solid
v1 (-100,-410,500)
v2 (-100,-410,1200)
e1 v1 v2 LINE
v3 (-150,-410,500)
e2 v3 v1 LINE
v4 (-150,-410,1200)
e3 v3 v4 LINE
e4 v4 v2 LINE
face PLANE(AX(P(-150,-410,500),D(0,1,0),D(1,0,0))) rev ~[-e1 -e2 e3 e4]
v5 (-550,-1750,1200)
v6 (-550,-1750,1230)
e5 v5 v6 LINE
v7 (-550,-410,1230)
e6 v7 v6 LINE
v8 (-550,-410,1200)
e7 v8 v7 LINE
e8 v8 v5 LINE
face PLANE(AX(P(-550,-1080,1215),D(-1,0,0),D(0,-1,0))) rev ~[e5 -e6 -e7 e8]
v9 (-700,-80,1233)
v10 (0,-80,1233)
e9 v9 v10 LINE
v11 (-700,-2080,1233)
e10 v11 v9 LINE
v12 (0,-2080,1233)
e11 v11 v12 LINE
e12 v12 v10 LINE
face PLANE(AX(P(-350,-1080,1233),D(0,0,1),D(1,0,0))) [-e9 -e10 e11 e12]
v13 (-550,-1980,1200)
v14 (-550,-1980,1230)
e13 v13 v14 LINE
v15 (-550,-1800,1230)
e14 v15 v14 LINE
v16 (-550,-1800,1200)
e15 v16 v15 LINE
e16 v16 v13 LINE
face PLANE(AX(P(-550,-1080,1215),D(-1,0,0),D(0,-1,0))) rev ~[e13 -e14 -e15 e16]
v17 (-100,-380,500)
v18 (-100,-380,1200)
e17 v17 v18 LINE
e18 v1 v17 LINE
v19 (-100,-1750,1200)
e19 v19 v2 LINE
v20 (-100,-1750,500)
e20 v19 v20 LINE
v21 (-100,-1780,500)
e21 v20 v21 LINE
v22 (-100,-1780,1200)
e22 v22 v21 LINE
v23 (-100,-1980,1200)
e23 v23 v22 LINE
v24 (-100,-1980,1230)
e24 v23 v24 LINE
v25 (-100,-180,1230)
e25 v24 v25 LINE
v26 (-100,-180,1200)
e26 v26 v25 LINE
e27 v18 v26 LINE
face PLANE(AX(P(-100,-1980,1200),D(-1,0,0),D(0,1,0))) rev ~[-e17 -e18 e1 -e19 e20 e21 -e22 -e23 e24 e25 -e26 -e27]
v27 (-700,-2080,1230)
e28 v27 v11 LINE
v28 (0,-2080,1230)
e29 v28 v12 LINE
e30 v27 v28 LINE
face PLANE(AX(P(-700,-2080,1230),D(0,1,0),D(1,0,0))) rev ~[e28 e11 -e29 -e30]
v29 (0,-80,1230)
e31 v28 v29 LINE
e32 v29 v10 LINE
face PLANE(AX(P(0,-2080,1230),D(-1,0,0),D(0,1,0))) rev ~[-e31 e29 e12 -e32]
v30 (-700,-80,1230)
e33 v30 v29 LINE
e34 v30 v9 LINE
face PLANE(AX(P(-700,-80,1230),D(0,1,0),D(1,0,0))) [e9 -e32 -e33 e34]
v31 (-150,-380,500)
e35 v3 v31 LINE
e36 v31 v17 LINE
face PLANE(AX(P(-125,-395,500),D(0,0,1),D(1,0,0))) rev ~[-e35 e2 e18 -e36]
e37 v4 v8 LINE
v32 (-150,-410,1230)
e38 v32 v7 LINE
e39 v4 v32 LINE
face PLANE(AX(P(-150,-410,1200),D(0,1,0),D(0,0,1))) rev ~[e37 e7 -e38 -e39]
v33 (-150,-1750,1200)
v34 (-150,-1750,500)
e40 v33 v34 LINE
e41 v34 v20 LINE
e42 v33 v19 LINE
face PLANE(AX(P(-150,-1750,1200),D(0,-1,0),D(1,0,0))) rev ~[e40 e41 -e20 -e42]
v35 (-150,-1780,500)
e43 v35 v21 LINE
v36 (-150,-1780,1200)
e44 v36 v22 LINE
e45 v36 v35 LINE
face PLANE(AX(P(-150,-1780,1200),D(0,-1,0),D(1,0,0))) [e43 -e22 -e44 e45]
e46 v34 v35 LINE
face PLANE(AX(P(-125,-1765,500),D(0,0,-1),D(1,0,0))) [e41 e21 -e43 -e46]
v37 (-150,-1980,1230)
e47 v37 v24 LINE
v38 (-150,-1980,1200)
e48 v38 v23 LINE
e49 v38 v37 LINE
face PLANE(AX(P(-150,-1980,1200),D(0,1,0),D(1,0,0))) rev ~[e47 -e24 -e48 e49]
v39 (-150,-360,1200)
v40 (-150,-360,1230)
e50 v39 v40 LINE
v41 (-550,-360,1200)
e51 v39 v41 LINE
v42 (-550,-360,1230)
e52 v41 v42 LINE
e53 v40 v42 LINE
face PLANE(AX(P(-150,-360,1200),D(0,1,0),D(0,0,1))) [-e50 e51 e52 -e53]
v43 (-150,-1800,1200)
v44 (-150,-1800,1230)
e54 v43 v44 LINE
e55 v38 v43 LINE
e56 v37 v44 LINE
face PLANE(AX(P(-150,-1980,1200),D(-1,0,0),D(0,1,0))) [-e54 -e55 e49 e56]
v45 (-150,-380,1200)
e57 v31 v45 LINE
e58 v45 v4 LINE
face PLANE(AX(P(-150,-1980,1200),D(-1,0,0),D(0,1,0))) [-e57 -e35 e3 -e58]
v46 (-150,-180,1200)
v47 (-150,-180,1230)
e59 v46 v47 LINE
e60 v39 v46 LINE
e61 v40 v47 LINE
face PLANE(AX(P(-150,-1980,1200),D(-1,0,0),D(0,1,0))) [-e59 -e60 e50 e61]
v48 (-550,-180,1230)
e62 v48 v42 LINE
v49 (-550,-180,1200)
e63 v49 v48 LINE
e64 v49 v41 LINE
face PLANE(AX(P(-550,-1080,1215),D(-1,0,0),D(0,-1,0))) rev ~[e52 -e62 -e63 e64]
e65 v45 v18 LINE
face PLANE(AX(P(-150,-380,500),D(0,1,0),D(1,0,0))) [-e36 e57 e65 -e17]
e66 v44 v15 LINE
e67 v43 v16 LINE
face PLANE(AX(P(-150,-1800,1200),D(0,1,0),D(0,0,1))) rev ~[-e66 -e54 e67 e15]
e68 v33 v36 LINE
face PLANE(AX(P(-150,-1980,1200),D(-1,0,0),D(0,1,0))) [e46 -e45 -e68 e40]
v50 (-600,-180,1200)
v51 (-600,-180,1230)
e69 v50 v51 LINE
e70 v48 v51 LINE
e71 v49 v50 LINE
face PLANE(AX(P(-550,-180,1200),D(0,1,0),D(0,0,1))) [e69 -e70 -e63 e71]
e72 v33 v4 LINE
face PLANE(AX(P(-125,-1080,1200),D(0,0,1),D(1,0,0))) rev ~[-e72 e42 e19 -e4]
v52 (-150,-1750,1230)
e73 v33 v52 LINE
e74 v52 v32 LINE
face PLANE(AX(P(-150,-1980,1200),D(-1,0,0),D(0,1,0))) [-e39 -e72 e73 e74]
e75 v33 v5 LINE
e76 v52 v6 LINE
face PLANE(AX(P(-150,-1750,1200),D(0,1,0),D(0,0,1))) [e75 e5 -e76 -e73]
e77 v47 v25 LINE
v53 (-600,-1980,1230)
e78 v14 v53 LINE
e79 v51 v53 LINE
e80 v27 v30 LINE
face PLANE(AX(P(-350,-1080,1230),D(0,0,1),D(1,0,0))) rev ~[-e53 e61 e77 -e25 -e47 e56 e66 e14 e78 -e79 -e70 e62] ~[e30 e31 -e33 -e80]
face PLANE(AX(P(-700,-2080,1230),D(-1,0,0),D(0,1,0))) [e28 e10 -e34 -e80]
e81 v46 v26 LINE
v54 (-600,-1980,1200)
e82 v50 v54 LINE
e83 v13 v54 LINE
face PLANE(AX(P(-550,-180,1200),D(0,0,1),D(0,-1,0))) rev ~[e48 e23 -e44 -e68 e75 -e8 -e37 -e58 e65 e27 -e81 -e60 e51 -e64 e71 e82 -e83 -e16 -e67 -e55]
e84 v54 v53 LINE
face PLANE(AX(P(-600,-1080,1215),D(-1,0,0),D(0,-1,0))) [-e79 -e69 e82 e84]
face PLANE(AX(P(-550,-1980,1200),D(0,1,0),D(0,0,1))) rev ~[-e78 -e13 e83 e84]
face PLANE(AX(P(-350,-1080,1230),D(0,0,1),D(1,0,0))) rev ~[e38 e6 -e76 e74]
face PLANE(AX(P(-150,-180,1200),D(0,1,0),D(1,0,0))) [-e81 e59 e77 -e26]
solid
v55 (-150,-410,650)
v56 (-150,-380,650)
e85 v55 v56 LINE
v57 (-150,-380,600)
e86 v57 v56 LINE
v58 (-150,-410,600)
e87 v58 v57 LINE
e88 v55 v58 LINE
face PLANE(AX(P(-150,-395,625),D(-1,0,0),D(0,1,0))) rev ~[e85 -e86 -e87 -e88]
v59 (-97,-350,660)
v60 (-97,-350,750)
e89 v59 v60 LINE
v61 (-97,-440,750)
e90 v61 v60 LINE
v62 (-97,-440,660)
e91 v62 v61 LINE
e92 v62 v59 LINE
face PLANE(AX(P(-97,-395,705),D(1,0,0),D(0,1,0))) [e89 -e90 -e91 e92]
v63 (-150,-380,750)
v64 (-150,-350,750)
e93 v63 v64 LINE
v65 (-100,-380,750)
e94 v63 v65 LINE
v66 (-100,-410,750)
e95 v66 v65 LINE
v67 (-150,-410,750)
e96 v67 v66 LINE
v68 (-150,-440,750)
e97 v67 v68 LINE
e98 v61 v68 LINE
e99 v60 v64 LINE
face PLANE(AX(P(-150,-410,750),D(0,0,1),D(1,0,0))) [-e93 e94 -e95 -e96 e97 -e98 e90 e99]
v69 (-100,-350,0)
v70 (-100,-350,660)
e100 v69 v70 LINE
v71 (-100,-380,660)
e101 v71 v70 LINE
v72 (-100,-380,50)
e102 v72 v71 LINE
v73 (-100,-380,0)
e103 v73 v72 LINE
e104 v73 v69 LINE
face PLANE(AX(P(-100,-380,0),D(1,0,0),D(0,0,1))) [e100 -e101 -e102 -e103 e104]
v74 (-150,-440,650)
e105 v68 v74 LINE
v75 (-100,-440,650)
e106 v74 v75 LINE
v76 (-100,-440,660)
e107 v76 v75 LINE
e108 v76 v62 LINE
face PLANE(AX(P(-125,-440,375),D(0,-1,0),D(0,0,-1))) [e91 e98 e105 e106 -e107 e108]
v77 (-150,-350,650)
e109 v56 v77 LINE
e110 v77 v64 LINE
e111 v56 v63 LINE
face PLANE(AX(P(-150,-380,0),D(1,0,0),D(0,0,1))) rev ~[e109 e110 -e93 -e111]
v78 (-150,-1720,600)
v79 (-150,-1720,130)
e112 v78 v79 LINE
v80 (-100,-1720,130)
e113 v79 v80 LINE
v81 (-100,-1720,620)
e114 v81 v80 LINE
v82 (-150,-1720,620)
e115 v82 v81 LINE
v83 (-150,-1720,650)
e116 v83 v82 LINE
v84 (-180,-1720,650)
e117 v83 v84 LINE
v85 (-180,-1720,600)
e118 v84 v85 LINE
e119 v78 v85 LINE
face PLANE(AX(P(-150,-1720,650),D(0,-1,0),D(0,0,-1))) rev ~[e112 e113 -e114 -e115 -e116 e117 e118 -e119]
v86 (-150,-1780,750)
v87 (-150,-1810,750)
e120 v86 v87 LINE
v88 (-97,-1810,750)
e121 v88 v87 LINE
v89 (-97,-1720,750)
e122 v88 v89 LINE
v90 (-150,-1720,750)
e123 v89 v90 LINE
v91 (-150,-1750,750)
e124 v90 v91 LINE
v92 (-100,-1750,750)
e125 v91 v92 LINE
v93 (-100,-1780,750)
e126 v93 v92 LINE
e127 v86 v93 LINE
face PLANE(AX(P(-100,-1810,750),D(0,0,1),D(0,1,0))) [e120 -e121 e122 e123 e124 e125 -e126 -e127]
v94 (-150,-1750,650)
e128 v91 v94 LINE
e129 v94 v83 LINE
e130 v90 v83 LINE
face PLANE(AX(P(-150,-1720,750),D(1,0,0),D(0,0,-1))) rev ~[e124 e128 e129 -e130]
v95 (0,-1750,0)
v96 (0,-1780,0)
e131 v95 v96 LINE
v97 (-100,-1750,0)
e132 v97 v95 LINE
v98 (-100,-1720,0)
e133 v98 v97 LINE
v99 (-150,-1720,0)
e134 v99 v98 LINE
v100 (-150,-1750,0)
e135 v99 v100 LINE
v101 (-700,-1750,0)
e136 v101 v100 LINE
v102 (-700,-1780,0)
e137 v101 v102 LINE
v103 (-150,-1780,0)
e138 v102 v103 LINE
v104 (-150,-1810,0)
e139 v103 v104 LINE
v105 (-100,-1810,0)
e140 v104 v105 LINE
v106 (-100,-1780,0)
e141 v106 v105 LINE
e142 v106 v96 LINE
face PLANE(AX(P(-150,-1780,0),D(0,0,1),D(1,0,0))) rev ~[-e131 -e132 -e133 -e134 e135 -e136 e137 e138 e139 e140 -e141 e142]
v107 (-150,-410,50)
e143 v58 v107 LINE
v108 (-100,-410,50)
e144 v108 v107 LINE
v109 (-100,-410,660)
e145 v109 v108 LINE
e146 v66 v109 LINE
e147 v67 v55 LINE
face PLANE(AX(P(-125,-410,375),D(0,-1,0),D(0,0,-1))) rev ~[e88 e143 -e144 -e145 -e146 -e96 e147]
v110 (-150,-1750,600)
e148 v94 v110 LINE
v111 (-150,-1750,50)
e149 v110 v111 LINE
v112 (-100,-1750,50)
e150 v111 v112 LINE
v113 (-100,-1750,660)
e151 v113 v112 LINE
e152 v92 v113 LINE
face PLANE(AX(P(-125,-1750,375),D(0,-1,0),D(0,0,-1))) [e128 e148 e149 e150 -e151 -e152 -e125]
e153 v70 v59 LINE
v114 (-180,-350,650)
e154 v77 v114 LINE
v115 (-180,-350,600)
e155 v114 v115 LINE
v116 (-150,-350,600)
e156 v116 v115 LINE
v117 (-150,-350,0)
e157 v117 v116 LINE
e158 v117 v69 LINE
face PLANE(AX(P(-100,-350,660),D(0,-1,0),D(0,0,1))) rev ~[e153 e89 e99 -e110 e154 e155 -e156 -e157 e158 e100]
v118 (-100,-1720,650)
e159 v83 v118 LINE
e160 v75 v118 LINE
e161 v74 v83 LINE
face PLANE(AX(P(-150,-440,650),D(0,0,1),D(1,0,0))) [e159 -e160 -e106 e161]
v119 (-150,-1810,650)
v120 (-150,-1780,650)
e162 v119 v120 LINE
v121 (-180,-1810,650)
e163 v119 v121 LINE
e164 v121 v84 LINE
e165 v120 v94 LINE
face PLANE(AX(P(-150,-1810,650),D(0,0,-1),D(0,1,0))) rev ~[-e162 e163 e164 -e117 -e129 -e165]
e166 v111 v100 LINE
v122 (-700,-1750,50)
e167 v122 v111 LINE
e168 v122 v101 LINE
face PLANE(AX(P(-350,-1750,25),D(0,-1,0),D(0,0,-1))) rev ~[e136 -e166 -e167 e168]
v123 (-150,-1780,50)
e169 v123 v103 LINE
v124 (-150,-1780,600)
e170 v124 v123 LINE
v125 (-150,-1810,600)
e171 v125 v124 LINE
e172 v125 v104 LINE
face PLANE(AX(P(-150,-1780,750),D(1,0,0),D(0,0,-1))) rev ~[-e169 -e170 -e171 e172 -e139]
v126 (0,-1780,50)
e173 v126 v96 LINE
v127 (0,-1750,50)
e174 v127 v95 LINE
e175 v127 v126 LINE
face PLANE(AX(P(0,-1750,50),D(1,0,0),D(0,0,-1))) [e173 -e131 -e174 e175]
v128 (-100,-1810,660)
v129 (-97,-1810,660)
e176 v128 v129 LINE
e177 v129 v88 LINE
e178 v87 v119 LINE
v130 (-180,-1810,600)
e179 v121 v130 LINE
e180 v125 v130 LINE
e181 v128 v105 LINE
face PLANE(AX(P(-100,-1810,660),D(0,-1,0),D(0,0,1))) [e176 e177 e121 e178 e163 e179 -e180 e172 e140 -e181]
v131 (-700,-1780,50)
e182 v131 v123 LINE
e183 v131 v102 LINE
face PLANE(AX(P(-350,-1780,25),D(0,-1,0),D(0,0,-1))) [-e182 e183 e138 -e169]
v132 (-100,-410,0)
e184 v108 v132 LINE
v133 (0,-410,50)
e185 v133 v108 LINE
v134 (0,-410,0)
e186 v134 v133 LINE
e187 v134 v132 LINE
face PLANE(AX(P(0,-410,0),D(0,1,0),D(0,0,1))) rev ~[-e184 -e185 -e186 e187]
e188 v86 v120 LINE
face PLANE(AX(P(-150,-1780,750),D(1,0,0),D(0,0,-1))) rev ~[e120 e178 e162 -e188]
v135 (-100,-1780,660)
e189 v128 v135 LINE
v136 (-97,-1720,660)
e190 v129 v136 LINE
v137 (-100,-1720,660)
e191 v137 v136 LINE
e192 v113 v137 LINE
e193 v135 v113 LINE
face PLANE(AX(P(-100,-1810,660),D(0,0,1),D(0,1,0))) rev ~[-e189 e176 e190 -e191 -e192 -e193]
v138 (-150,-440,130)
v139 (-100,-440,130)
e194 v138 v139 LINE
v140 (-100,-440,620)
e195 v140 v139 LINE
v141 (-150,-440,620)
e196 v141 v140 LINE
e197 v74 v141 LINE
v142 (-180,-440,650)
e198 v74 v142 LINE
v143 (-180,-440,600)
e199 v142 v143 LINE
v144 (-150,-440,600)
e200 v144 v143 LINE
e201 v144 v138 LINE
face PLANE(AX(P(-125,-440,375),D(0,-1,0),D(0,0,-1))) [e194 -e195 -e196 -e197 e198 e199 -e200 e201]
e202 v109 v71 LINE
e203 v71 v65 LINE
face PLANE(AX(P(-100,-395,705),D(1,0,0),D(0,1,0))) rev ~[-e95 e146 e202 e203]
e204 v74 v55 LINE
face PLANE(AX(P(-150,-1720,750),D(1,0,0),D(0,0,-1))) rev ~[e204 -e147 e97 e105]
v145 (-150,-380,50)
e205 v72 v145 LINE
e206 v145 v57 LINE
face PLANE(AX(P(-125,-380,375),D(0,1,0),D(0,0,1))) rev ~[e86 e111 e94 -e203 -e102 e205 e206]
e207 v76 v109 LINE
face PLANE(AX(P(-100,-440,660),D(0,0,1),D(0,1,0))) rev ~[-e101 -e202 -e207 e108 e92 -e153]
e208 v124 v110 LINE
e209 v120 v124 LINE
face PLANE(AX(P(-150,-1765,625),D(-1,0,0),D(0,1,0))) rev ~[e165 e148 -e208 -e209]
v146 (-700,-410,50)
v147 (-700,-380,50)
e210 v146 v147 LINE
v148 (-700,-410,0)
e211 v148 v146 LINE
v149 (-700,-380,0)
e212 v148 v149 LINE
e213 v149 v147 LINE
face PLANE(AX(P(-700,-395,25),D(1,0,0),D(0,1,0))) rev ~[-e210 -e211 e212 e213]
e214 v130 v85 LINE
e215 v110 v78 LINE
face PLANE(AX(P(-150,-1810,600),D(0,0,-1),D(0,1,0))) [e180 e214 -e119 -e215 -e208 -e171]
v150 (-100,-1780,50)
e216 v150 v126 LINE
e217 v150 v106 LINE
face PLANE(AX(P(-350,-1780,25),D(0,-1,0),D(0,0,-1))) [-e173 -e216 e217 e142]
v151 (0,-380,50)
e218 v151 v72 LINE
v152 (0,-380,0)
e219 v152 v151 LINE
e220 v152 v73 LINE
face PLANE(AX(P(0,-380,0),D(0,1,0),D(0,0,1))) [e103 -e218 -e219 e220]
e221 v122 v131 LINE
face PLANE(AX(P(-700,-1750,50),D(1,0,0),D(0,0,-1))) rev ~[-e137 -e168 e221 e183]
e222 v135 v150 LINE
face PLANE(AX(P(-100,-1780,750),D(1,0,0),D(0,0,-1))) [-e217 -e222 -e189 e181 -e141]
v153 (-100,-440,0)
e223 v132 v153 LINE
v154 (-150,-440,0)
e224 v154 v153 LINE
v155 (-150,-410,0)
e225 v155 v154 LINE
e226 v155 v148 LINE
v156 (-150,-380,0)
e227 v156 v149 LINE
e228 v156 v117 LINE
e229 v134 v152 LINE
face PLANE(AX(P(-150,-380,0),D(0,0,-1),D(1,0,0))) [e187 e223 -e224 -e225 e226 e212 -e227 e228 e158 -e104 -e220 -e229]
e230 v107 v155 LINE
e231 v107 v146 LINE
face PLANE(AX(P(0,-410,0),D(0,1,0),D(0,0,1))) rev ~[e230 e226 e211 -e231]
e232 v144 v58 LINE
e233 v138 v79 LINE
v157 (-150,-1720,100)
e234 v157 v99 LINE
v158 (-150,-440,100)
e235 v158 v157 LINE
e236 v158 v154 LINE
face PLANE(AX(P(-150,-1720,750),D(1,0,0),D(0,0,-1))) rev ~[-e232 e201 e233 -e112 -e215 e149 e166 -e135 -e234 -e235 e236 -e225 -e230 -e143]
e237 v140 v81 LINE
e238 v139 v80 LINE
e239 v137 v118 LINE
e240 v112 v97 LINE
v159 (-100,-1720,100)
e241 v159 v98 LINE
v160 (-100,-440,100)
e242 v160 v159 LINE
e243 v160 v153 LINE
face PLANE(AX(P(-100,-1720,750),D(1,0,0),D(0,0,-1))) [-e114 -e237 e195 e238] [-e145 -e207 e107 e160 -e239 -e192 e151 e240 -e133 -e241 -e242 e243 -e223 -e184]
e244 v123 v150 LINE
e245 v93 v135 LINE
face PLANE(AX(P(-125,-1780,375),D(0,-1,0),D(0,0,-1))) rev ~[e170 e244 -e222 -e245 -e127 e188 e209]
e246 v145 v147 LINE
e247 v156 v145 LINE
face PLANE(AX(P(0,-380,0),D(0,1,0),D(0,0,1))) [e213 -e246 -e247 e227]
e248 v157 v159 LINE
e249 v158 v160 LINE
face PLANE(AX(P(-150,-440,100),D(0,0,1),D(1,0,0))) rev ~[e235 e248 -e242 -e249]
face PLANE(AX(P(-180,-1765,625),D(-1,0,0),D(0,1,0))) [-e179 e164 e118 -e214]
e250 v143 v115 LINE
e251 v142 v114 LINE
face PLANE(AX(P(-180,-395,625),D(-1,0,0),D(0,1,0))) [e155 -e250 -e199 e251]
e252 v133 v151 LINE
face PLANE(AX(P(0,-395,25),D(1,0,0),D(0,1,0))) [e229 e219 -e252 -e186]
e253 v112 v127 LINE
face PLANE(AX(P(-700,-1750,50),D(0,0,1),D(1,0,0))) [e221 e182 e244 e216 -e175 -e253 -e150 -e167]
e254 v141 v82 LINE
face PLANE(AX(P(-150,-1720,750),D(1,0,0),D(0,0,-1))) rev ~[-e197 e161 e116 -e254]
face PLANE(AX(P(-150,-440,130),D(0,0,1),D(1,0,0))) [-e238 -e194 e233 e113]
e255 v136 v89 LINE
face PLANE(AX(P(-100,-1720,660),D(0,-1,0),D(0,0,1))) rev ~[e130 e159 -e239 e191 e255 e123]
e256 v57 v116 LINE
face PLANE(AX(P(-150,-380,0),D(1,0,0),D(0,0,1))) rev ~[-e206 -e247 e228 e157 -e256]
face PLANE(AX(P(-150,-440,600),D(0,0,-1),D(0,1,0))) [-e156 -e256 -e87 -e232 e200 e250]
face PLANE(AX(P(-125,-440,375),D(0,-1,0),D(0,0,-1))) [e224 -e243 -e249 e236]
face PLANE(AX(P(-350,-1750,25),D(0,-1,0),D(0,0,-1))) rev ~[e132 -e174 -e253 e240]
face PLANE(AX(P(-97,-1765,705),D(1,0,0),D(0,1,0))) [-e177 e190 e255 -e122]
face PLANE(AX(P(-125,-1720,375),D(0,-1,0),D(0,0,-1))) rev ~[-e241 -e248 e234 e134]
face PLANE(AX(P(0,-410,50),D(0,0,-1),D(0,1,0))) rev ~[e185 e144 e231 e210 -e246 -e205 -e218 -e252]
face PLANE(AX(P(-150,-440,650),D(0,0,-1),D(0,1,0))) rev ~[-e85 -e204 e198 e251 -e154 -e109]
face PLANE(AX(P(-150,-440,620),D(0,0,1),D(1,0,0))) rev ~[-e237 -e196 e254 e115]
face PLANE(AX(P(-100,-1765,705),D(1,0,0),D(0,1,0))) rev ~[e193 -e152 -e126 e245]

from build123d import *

# Parameters (mm, degrees)
SKETCH001_W  = 30
SKETCH001_H  = 50
PAD_DEPTH    = 700
SKETCH002_W  = 750
SKETCH002_H  = 50
PAD001_DEPTH = 30
SKETCH003_W  = 750
SKETCH003_H  = 50
PAD002_DEPTH = 30
SKETCH004_W  = 30
SKETCH004_H  = 50
PAD003_DEPTH = 1280
SKETCH005_W  = 750
SKETCH005_H  = 50
PAD004_DEPTH = 30
SKETCH006_W  = 50
SKETCH006_H  = 700
PAD005_DEPTH = 30
SKETCH007_W  = 750
SKETCH007_H  = 50
PAD006_DEPTH = 30
SKETCH008_W  = 90
SKETCH008_H  = 50
PAD007_DEPTH = 30
SKETCH009_W  = 90
SKETCH009_H  = 90
PAD008_DEPTH = 3
SKETCH010_W  = 50
SKETCH010_H  = 30
PAD009_DEPTH = 700
SKETCH011_W  = 50
SKETCH011_H  = 1800
PAD010_DEPTH = 30
SKETCH012_W  = 50
SKETCH012_H  = 30
PAD011_DEPTH = 700
SKETCH013_W  = 50
SKETCH013_H  = 30
PAD012_DEPTH = 400
SKETCH014_W  = 1800
SKETCH014_H  = 30
PAD013_DEPTH = 50
SKETCH015_W  = 700
SKETCH015_H  = 2000
PAD014_DEPTH = 3


with BuildPart() as partedebaixo:
    # Sketch001 → Pad (new body)
    with BuildSketch(Plane.YZ):
        with Locations((-395, 25)):
            Rectangle(SKETCH001_W, SKETCH001_H)
    extrude(amount=-PAD_DEPTH)

    # Sketch002 (on Face4 of Pad) → Pad001 (join)
    with BuildSketch(Plane(origin=(0, -410, 0), x_dir=(0, 0, -1), z_dir=(0, -1, 0))):
        with Locations((-375, -125)):
            Rectangle(SKETCH002_W, SKETCH002_H)
    extrude(amount=PAD001_DEPTH)

    # Sketch003 (on Face5 of Pad001) → Pad002 (join)
    with BuildSketch(Plane.ZX.offset(-380)):
        with Locations((375, -125)):
            Rectangle(SKETCH003_W, SKETCH003_H)
    extrude(amount=PAD002_DEPTH)

    # Sketch004 (on Face18 of Pad002) → Pad003 (join)
    with BuildSketch(Plane(origin=(0, -440, 0), x_dir=(0, 0, -1), z_dir=(0, -1, 0))):
        with Locations((-115, -125)):
            Rectangle(SKETCH004_W, SKETCH004_H)
        with Locations((-635, -125)):
            Rectangle(SKETCH004_W, SKETCH004_H)
    extrude(amount=PAD003_DEPTH)

    # Sketch005 (on Face29 of Pad003) → Pad004 (join)
    with BuildSketch(Plane(origin=(0, -1720, 0), x_dir=(0, 0, -1), z_dir=(0, -1, 0))):
        with Locations((-375, -125)):
            Rectangle(SKETCH005_W, SKETCH005_H)
    extrude(amount=PAD004_DEPTH)

    # Sketch006 (on Face9 of Pad004) → Pad005 (join)
    with BuildSketch(Plane(origin=(0, -1750, 0), x_dir=(0, 0, -1), z_dir=(0, -1, 0))):
        with Locations((-25, -350)):
            Rectangle(SKETCH006_W, SKETCH006_H)
    extrude(amount=PAD005_DEPTH)

    # Sketch007 (on Face24 of Pad005) → Pad006 (join)
    with BuildSketch(Plane(origin=(0, -1780, 0), x_dir=(0, 0, -1), z_dir=(0, -1, 0))):
        with Locations((-375, -125)):
            Rectangle(SKETCH007_W, SKETCH007_H)
    extrude(amount=PAD006_DEPTH)

    # Sketch008 (on Face50 of Pad006) → Pad007 (join)
    with BuildSketch(Plane(origin=(-150, 0, 0), x_dir=(0, 1, 0), z_dir=(-1, 0, 0))):
        with Locations((-1765, -625)):
            Rectangle(SKETCH008_W, SKETCH008_H)
        with Locations((-395, -625)):
            Rectangle(SKETCH008_W, SKETCH008_H)
    extrude(amount=PAD007_DEPTH)

    # Sketch009 (on Face45 of Pad007) → Pad008 (join)
    with BuildSketch(Plane.YZ.offset(-100)):
        with Locations((-1765, 705)):
            Rectangle(SKETCH009_W, SKETCH009_H)
        with Locations((-395, 705)):
            Rectangle(SKETCH009_W, SKETCH009_H)
    extrude(amount=PAD008_DEPTH)


with BuildPart() as partedecima:
    # Sketch010 → Pad009 (new body)
    with BuildSketch(Plane.XY.offset(500)):
        with Locations((-125, -395)):
            Rectangle(SKETCH010_W, SKETCH010_H)
    extrude(amount=PAD009_DEPTH)

    # Sketch011 (on Face6 of Pad009) → Pad010 (join)
    with BuildSketch(Plane.XY.offset(1200)):
        with Locations((-125, -1080)):
            Rectangle(SKETCH011_W, SKETCH011_H)
    extrude(amount=PAD010_DEPTH)

    # Sketch012 (on Face7 of Pad010) → Pad011 (join)
    with BuildSketch(Plane(origin=(0, 0, 1200), x_dir=(1, 0, 0), z_dir=(0, 0, -1))):
        with Locations((-125, 1765)):
            Rectangle(SKETCH012_W, SKETCH012_H)
    extrude(amount=PAD011_DEPTH)

    # Sketch013 (on Face2 of Pad011) → Pad012 (join)
    with BuildSketch(Plane(origin=(-150, 0, 0), x_dir=(0, -1, 0), z_dir=(-1, 0, 0))):
        with Locations((385, 1215)):
            Rectangle(SKETCH013_W, SKETCH013_H)
        with Locations((1775, 1215)):
            Rectangle(SKETCH013_W, SKETCH013_H)
    extrude(amount=PAD012_DEPTH)

    # Sketch014 (on Face18 of Pad012) → Pad013 (join)
    with BuildSketch(Plane(origin=(-550, 0, 0), x_dir=(0, -1, 0), z_dir=(-1, 0, 0))):
        with Locations((1080, 1215)):
            Rectangle(SKETCH014_W, SKETCH014_H)
    extrude(amount=PAD013_DEPTH)

    # Sketch015 (on Face1 of Pad013) → Pad014 (join)
    with BuildSketch(Plane.XY.offset(1230)):
        with Locations((-350, -1080)):
            Rectangle(SKETCH015_W, SKETCH015_H)
    extrude(amount=PAD014_DEPTH)


solid = Compound([partedebaixo.part, partedecima.part])
